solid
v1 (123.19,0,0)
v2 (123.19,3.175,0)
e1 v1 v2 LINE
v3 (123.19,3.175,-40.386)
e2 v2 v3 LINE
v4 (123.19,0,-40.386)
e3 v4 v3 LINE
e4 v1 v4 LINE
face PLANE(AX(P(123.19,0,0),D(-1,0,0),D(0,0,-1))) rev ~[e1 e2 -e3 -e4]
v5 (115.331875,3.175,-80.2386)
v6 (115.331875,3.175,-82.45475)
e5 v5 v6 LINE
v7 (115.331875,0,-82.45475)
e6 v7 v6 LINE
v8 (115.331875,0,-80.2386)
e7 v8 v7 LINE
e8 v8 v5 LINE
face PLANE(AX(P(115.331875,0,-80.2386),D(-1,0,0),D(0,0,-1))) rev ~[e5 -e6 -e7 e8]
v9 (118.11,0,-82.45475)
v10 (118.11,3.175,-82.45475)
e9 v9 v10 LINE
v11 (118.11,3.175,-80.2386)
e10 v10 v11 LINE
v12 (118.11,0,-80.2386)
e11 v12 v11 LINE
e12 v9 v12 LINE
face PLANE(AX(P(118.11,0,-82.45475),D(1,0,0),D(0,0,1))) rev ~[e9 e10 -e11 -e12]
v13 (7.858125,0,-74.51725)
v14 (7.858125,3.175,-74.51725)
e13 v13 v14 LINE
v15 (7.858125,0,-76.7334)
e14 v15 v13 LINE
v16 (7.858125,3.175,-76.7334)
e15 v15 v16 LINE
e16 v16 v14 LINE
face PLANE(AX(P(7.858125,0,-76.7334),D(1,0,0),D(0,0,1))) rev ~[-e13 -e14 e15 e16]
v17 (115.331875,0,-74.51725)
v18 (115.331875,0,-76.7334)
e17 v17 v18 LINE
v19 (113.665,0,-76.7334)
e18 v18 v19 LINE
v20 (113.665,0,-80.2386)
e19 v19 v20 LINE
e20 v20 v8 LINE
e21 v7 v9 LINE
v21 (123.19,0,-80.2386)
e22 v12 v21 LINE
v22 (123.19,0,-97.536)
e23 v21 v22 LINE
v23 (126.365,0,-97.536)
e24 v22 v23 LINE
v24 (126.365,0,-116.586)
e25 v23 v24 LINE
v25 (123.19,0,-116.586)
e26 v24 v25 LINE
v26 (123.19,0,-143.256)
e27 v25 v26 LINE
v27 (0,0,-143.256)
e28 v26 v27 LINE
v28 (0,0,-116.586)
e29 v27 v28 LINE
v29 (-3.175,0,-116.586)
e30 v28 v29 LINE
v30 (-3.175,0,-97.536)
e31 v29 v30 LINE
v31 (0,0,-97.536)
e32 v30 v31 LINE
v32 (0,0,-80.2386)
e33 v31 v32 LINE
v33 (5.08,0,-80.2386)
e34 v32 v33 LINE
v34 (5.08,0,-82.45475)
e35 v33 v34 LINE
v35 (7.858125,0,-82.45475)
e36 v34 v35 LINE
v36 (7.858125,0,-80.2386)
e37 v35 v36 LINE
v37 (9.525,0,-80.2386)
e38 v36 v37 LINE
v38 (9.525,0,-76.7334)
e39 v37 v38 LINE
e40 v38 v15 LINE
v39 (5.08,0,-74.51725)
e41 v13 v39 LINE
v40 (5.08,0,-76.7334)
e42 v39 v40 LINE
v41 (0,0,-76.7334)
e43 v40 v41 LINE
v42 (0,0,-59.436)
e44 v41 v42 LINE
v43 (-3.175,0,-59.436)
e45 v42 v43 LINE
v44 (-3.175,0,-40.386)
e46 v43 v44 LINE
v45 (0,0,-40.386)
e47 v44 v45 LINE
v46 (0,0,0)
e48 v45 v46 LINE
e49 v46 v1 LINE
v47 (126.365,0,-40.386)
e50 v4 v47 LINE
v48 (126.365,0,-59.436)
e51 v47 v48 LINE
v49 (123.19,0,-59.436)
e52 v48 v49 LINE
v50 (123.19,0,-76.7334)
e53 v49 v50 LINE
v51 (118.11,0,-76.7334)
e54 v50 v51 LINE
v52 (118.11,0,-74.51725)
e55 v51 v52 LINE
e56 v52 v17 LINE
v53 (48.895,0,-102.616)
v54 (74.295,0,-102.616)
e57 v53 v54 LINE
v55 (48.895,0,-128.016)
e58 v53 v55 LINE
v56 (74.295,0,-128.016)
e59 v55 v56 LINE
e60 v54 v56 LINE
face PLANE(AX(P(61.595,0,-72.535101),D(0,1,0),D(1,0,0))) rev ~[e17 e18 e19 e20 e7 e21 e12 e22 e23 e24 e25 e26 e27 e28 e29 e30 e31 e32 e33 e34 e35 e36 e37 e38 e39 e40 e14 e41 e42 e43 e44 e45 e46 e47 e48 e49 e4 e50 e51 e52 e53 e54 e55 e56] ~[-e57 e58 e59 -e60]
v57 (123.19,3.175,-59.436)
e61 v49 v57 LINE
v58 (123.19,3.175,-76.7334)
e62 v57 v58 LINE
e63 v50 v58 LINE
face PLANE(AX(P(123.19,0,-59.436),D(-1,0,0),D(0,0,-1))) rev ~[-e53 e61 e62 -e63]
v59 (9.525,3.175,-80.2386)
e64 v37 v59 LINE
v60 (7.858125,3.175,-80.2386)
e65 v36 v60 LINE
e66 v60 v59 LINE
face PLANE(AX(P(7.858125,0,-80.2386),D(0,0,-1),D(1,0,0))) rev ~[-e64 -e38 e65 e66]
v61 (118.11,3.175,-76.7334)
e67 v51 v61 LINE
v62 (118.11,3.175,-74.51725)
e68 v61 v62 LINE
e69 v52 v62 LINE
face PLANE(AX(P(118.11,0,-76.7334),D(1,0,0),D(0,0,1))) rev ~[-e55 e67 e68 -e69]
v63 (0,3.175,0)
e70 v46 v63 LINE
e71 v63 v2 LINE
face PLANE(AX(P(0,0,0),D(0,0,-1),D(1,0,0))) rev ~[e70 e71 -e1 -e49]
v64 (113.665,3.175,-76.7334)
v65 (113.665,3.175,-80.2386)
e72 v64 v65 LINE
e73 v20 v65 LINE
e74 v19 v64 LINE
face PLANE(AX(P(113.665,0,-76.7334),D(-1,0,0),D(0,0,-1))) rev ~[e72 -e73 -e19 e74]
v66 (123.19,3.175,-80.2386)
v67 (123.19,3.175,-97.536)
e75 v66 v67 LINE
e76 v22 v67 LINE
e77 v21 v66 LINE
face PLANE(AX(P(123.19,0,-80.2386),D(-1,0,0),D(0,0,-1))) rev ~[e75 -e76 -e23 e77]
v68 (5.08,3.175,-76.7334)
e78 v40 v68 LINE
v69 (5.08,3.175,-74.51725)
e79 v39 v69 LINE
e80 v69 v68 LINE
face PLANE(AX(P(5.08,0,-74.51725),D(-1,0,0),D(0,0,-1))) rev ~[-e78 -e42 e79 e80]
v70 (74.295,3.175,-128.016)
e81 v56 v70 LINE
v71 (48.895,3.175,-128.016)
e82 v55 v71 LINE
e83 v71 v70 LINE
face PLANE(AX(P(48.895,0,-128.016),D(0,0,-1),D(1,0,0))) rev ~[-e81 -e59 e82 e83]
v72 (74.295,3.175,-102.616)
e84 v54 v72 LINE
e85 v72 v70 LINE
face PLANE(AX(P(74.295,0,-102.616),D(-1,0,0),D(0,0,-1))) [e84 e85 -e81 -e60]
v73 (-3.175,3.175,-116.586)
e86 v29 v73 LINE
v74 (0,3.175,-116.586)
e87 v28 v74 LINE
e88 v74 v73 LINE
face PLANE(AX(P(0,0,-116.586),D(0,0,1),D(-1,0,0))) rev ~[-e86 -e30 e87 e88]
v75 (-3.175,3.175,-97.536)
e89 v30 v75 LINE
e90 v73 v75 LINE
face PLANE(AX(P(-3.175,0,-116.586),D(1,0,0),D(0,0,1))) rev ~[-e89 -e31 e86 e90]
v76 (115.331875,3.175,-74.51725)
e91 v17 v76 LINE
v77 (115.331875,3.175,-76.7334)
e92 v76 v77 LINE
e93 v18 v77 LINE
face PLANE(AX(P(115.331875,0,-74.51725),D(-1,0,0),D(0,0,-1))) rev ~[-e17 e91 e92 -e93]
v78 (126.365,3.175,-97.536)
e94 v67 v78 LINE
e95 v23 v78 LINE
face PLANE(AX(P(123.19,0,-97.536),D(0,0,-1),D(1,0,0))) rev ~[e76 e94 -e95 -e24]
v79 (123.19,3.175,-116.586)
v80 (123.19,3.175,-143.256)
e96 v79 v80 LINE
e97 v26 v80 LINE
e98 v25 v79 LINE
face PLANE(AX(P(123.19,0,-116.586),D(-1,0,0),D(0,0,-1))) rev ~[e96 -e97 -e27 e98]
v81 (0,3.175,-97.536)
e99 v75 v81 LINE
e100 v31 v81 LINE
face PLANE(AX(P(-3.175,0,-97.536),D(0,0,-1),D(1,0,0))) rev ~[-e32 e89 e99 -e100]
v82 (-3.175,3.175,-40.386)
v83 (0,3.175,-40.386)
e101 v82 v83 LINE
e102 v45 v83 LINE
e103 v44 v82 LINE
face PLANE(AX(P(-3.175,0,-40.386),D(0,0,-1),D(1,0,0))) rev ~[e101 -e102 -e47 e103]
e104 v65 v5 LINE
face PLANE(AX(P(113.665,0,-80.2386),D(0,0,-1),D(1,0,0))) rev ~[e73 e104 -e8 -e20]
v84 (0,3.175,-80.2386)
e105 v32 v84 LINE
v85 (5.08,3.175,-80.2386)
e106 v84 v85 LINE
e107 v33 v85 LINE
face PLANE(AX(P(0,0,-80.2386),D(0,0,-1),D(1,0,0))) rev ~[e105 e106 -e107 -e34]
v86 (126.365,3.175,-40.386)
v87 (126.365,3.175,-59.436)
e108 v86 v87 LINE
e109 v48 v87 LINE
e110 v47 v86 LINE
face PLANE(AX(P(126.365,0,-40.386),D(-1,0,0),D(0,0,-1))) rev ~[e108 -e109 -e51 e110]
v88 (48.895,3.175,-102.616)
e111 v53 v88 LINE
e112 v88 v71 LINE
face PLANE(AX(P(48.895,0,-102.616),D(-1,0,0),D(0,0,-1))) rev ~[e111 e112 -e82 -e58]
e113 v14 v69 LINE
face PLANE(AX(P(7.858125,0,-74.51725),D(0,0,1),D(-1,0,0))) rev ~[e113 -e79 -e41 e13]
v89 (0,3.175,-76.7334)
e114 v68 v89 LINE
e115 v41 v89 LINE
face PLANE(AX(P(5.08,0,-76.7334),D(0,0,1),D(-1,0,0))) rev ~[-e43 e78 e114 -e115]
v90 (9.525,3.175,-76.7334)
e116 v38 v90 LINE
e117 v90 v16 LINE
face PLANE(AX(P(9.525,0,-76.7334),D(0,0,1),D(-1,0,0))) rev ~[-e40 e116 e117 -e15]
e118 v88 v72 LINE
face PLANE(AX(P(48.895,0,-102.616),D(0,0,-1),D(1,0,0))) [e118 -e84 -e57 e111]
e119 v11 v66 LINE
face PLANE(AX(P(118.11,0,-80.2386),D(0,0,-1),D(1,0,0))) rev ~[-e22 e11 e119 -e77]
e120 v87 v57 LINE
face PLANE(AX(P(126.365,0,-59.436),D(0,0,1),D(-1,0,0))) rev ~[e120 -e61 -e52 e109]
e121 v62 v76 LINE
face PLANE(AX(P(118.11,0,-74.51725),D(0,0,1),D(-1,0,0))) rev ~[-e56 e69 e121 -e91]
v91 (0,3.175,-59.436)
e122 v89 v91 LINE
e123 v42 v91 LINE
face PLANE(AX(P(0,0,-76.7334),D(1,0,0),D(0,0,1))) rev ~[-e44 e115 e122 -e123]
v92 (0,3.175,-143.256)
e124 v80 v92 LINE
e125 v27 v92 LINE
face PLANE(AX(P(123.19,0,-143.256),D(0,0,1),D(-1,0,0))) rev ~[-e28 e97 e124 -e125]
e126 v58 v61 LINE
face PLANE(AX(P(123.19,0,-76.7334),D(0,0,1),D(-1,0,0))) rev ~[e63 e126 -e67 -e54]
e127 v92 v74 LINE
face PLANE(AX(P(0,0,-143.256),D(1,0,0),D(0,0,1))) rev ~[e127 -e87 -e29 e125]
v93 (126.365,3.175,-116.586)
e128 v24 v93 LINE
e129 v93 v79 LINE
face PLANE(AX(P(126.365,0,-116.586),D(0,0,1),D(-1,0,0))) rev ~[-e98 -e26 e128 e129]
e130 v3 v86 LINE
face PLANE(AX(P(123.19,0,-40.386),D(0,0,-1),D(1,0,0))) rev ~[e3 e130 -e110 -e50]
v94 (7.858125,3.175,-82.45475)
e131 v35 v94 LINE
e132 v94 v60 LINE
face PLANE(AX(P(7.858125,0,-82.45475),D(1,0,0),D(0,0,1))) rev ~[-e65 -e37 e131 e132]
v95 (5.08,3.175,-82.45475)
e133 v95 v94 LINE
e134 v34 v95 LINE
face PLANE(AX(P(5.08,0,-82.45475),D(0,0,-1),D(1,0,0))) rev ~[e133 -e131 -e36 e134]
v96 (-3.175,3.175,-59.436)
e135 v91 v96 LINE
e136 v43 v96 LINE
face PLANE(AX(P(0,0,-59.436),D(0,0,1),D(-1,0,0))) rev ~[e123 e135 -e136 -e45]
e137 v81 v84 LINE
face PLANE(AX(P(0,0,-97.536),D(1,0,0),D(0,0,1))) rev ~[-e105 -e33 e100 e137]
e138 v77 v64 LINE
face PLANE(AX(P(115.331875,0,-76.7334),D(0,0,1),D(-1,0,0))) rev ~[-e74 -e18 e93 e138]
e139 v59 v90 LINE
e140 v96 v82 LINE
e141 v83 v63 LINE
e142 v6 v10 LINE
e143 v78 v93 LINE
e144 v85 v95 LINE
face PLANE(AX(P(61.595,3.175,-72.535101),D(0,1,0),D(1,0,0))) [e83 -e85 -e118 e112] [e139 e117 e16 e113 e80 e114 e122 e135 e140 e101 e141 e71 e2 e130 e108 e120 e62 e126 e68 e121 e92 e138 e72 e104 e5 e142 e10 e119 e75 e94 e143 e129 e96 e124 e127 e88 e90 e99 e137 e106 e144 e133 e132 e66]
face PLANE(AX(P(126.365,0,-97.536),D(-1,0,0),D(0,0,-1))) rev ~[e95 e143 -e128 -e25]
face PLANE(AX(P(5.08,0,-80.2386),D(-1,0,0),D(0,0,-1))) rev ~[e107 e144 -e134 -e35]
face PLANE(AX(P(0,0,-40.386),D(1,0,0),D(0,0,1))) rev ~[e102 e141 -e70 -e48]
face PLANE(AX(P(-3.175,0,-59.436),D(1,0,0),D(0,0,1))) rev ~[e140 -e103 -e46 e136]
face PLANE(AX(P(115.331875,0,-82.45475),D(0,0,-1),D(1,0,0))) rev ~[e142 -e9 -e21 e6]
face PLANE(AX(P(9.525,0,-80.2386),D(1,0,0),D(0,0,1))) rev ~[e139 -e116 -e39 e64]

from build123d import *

# Parameters (mm, degrees)
SKETCH1_W           = 25.4
SKETCH1_H           = 25.4
BOSS_EXTRUDE1_DEPTH = 3.175


with BuildPart() as part:
    # Sketch1 → Boss-Extrude1 (new body)
    with BuildSketch(Plane(origin=(0, 0, 0), x_dir=(1, 0, 0), z_dir=(0, 1, 0))):
        Polygon((123.19, 116.586), (123.19, 143.256), (0, 143.256), (0, 116.586), (-3.175, 116.586), (-3.175, 97.536), (0, 97.536), (0, 80.2386), (5.08, 80.2386), (5.08, 82.45475), (7.858125, 82.45475), (7.858125, 80.2386), (9.525, 80.2386), (9.525, 76.7334), (7.858125, 76.7334), (7.858125, 74.51725), (5.08, 74.51725), (5.08, 76.7334), (0, 76.7334), (0, 59.436), (-3.175, 59.436), (-3.175, 40.386), (0, 40.386), (0, 0), (123.19, 0), (123.19, 40.386), (126.365, 40.386), (126.365, 59.436), (123.19, 59.436), (123.19, 76.7334), (118.11, 76.7334), (118.11, 74.51725), (115.331875, 74.51725), (115.331875, 76.7334), (113.665, 76.7334), (113.665, 80.2386), (115.331875, 80.2386), (115.331875, 82.45475), (118.11, 82.45475), (118.11, 80.2386), (123.19, 80.2386), (123.19, 97.536), (126.365, 97.536), (126.365, 116.586), align=None)
        with Locations((61.595, 115.316)):
            Rectangle(SKETCH1_W, SKETCH1_H, mode=Mode.SUBTRACT)
    extrude(amount=BOSS_EXTRUDE1_DEPTH)


solid = part.part
